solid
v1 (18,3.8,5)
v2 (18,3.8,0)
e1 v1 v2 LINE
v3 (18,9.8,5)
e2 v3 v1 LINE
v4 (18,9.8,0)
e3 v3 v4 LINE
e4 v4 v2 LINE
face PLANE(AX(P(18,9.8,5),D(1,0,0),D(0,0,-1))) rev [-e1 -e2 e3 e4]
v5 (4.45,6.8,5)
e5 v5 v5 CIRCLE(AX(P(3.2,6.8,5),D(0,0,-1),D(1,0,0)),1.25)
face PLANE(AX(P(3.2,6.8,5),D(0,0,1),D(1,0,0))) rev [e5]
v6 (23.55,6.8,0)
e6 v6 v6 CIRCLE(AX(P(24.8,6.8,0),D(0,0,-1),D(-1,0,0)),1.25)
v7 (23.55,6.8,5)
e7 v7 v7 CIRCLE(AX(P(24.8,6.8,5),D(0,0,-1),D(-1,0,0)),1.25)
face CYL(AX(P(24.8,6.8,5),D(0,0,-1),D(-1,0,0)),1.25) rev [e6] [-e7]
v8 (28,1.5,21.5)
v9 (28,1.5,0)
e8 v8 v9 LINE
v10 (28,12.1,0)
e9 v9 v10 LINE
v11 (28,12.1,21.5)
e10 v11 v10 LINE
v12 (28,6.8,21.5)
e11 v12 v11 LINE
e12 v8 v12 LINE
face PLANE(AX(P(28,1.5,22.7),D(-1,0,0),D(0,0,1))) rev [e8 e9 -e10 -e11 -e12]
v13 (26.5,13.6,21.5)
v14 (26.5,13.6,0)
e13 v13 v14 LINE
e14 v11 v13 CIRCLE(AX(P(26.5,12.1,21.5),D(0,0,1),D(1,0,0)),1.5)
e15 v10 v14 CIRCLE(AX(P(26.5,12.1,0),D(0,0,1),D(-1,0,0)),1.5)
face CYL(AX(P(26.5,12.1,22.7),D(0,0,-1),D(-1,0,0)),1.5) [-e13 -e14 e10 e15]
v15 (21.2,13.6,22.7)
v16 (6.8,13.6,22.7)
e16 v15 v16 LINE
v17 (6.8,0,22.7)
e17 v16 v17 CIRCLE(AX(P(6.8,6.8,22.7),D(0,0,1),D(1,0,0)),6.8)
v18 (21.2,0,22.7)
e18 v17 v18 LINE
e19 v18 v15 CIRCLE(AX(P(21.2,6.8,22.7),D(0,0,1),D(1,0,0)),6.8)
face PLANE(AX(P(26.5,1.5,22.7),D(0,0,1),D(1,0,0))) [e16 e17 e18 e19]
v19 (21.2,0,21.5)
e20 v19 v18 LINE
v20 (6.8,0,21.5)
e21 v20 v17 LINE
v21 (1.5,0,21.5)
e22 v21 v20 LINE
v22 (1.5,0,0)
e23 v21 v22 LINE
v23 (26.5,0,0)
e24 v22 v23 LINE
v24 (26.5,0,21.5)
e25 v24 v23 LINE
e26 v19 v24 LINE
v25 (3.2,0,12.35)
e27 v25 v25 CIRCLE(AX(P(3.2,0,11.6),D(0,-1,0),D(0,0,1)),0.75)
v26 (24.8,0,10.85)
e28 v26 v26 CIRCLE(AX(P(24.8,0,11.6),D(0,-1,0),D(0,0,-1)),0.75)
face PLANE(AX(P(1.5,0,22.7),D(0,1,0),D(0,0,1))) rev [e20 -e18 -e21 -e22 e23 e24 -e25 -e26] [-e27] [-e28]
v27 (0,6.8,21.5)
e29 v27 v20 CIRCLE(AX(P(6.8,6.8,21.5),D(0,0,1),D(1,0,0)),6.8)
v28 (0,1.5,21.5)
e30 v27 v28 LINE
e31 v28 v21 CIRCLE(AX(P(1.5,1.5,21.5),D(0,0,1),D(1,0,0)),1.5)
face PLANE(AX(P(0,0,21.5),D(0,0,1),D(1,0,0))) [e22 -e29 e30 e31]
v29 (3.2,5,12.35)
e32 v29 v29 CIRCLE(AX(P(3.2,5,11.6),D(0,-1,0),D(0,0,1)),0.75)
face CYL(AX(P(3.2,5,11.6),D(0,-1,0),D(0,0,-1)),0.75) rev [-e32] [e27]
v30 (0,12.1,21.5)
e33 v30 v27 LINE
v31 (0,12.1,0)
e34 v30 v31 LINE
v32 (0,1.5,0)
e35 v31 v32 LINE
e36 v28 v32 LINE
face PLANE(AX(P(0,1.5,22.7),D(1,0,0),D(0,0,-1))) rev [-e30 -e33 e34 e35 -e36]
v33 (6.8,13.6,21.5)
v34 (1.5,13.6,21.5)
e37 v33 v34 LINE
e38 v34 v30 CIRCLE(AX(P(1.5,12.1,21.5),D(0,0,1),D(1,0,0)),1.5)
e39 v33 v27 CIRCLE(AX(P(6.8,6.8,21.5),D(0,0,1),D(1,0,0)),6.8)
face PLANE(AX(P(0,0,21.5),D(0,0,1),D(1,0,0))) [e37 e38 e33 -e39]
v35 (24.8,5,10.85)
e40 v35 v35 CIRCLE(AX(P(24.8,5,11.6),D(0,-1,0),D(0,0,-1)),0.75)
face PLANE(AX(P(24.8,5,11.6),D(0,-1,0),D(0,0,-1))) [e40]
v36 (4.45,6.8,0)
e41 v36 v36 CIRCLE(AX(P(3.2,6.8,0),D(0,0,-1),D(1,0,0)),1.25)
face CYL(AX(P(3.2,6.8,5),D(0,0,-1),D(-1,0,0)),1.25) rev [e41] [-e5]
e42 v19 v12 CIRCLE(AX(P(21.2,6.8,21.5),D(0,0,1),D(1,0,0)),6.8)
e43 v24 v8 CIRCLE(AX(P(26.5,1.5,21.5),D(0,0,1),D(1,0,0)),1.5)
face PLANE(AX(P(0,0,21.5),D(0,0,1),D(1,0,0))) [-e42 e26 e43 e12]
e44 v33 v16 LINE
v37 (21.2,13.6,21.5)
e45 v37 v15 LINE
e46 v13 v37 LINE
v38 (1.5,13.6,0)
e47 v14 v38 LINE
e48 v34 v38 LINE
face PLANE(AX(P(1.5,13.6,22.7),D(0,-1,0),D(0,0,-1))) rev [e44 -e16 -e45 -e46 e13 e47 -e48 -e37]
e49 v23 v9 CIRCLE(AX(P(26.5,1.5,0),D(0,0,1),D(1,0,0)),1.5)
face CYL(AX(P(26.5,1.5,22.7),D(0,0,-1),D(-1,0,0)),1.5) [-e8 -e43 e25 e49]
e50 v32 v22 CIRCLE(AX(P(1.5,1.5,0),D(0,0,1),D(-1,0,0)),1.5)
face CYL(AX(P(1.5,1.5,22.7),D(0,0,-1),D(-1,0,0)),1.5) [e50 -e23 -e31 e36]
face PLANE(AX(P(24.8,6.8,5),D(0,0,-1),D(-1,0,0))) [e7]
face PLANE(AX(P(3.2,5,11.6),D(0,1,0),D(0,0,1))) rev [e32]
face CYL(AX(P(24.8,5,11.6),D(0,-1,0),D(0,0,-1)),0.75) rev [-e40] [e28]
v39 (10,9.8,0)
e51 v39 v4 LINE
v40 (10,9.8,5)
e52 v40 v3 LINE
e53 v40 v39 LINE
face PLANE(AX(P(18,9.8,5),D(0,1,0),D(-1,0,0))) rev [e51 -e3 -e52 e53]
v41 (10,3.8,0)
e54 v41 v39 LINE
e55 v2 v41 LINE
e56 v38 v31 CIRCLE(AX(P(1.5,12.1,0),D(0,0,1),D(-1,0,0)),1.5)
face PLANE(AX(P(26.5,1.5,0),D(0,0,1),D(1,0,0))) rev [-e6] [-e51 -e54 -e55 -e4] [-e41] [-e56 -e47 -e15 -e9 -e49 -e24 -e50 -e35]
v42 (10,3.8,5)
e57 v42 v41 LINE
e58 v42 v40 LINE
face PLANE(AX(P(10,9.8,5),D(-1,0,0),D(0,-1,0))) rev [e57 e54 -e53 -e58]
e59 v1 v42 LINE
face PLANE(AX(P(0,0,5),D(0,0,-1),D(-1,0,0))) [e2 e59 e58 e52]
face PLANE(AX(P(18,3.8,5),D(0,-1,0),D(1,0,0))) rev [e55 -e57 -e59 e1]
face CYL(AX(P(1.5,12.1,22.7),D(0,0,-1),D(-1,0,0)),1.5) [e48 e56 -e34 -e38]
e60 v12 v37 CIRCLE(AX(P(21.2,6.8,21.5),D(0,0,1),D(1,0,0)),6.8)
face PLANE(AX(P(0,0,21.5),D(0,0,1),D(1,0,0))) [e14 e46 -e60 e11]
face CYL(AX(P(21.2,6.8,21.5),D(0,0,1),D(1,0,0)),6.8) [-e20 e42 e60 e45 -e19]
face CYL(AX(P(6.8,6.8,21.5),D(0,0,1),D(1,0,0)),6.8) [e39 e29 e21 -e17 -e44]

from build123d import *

# Parameters (mm, degrees)
EXTRUDE_1_DEPTH     = 22.7
CUT_EXTRUDE_1_DEPTH = 1.2
SKETCH_3_R          = 1.25
SKETCH_3_W          = 8
SKETCH_3_H          = 6
CUT_EXTRUDE_2_DEPTH = 5
SKETCH_4_R          = 0.75
CUT_EXTRUDE_3_DEPTH = 5


with BuildPart() as part:
    # 草图1 → 凸台-拉伸1 (new body)
    with BuildSketch(Plane.XY):
        with BuildLine():
            Line((1.5, 0), (26.5, 0))
            ThreePointArc((26.5, 0), (27.560660172, 0.439339828), (28, 1.5))
            Line((28, 1.5), (28, 12.1))
            ThreePointArc((28, 12.1), (27.560660172, 13.160660172), (26.5, 13.6))
            Line((26.5, 13.6), (1.5, 13.6))
            ThreePointArc((1.5, 13.6), (0.439339828, 13.160660172), (0, 12.1))
            Line((0, 12.1), (0, 1.5))
            ThreePointArc((0, 1.5), (0.439339828, 0.439339828), (1.5, 0))
        make_face()
    extrude(amount=EXTRUDE_1_DEPTH)

    # 草图2 → 切除-拉伸1 (cut)
    with BuildSketch(Plane.XY.offset(22.7)):
        with BuildLine():
            ThreePointArc((0, 6.800000018), (1.991673894, 11.608326118), (6.8, 13.6))
            Line((6.8, 13.6), (1.5, 13.6))
            ThreePointArc((1.5, 13.6), (0.439339828, 13.160660172), (0, 12.1))
            Line((0, 12.1), (0, 6.800000018))
        make_face()
        with BuildLine():
            ThreePointArc((6.8, 0), (1.991673882, 1.991673894), (0, 6.800000018))
            Line((0, 6.800000018), (0, 1.5))
            ThreePointArc((0, 1.5), (0.439339828, 0.439339828), (1.5, 0))
            Line((1.5, 0), (6.8, 0))
        make_face()
        with BuildLine():
            Line((28, 1.5), (28, 6.8))
            ThreePointArc((28, 6.8), (26.008326112, 1.991673888), (21.2, 0))
            Line((21.2, 0), (26.5, 0))
            ThreePointArc((26.5, 0), (27.560660172, 0.439339828), (28, 1.5))
        make_face()
        with BuildLine():
            Line((26.5, 13.6), (21.2, 13.6))
            ThreePointArc((21.2, 13.6), (26.008326112, 11.608326112), (28, 6.8))
            Line((28, 6.8), (28, 12.1))
            ThreePointArc((28, 12.1), (27.560660172, 13.160660172), (26.5, 13.6))
        make_face()
    extrude(amount=-CUT_EXTRUDE_1_DEPTH, mode=Mode.SUBTRACT)

    # 草图3 → 切除-拉伸2 (cut)
    with BuildSketch(Plane(origin=(0, 0, 0), x_dir=(-1, 0, 0), z_dir=(0, 0, -1))):
        with Locations((-24.8, 6.8)):
            Circle(SKETCH_3_R)
        with Locations((-3.2, 6.8)):
            Circle(SKETCH_3_R)
        with Locations((-14, 6.8)):
            Rectangle(SKETCH_3_W, SKETCH_3_H)
    extrude(amount=-CUT_EXTRUDE_2_DEPTH, mode=Mode.SUBTRACT)

    # 草图4 → 切除-拉伸3 (cut)
    with BuildSketch(Plane.XZ):
        with Locations((24.8, 11.6)):
            Circle(SKETCH_4_R)
        with Locations((3.2, 11.6)):
            Circle(SKETCH_4_R)
    extrude(amount=-CUT_EXTRUDE_3_DEPTH, mode=Mode.SUBTRACT)


solid = part.part
